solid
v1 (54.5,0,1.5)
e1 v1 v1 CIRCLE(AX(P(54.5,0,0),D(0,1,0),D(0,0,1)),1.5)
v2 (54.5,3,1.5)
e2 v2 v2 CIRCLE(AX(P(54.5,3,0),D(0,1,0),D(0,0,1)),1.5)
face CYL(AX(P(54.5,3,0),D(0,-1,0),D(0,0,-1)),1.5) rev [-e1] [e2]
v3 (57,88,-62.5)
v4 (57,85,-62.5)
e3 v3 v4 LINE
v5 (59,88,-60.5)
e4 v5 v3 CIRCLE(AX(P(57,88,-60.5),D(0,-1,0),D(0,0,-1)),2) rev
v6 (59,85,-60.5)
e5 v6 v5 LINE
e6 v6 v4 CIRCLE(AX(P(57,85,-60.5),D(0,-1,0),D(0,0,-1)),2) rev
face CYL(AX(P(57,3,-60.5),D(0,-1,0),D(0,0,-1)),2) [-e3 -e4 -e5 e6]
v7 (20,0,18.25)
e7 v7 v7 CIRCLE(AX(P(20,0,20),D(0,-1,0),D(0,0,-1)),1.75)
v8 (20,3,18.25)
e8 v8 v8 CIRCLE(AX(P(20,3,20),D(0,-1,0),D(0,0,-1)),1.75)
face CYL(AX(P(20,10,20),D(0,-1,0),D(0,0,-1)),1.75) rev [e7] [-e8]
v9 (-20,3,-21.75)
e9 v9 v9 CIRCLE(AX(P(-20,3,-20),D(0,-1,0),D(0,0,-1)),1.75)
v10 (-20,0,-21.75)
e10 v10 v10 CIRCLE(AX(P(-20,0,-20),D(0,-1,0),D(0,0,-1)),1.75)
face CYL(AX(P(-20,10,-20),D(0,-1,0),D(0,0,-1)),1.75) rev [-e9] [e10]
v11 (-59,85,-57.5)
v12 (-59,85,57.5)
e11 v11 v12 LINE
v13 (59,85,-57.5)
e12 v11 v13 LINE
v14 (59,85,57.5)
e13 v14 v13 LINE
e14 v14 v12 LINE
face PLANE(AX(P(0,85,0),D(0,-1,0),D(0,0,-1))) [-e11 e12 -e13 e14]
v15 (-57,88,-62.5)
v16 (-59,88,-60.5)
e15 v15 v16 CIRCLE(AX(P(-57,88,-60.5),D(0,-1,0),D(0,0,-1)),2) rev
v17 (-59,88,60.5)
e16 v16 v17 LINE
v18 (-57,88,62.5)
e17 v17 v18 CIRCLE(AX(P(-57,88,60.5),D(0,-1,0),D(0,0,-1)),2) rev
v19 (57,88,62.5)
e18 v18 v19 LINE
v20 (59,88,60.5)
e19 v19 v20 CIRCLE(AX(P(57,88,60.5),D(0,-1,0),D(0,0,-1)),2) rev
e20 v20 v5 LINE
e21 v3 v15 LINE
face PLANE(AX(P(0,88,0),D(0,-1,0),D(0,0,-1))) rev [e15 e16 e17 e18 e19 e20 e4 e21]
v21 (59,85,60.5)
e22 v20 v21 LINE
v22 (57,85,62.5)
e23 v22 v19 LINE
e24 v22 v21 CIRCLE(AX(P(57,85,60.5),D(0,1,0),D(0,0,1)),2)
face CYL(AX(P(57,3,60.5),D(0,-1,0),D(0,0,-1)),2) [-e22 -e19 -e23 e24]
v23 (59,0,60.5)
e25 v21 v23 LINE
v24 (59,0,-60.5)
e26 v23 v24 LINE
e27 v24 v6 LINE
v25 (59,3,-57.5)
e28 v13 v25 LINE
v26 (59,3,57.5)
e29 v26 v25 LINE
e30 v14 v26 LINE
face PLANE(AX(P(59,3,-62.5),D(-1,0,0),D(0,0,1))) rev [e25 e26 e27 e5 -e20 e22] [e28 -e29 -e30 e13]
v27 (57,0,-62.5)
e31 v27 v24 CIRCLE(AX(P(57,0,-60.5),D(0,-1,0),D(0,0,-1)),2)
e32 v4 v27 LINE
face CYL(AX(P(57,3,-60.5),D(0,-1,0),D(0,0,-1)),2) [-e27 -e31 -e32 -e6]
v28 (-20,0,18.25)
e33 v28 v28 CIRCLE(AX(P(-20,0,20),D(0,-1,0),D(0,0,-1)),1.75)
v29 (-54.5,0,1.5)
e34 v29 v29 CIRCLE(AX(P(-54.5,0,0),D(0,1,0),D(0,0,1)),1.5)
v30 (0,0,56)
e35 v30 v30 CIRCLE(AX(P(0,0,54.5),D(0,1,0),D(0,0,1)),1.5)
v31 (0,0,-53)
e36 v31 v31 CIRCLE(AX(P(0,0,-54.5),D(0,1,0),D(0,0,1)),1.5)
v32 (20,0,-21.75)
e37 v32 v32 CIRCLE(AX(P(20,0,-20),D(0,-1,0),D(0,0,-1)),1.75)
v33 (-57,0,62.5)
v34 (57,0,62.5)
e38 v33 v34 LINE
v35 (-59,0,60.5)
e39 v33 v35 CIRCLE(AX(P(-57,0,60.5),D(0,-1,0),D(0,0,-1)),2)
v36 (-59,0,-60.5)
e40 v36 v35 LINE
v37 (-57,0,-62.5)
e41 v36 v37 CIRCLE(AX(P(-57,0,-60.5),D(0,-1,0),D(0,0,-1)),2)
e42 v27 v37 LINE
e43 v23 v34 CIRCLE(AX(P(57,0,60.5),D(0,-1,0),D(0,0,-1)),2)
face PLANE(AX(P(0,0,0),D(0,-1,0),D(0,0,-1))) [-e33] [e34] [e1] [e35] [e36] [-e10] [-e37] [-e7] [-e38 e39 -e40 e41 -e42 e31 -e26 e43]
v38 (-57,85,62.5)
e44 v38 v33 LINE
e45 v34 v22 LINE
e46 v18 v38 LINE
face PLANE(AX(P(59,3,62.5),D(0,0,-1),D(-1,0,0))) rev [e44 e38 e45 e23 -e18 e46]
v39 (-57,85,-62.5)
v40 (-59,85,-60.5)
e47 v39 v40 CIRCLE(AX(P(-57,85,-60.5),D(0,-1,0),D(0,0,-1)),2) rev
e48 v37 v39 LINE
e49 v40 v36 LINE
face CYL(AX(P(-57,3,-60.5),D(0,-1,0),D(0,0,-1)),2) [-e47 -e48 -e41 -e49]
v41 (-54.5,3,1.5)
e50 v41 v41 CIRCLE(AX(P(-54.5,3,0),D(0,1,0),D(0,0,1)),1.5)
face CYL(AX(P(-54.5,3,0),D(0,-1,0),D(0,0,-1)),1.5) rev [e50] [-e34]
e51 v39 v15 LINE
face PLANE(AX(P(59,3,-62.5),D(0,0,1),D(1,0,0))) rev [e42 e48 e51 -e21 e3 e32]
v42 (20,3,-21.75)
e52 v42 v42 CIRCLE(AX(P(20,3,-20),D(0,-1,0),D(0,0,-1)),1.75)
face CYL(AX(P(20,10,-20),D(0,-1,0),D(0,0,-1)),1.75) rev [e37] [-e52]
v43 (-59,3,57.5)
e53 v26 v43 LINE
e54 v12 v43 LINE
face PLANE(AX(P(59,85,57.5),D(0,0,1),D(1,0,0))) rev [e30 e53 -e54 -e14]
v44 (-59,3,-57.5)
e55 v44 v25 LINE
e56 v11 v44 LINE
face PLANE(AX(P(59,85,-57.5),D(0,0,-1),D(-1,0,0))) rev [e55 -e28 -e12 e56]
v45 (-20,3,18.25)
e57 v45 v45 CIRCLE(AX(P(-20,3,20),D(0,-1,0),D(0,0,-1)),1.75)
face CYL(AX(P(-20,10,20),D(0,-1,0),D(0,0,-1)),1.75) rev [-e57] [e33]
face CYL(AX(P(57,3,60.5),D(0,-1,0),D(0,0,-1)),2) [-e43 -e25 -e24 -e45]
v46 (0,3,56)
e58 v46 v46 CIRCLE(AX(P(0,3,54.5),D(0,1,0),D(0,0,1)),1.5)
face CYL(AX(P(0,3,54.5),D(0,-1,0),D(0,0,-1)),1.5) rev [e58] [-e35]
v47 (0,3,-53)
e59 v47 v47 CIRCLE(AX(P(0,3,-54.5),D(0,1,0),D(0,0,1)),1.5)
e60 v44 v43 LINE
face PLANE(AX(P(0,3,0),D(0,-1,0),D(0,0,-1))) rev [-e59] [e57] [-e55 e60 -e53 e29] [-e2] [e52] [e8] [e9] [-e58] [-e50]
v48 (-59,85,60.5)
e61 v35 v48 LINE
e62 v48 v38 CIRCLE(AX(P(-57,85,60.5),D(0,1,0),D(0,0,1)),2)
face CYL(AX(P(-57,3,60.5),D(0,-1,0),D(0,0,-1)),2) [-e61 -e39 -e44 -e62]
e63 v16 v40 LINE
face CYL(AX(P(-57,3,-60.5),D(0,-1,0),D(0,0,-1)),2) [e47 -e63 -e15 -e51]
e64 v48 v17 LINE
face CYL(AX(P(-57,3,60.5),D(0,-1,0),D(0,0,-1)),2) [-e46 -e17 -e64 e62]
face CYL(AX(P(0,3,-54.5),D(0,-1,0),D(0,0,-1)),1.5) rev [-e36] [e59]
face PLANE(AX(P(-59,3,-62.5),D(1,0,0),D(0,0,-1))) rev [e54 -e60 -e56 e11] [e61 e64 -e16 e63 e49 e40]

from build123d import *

# Parameters (mm, degrees)
SKETCH_1_W          = 118
SKETCH_1_H          = 125
SKETCH_1_R          = 1.5
EXTRUDE_1_DEPTH     = 3
SKETCH_5_R          = 1.75
CUT_EXTRUDE_1_DEPTH = 10
SKETCH_6_W          = 118
SKETCH_6_H          = 5
EXTRUDE_4_DEPTH     = 82
FILLET_1_R          = 2
SKETCH_7_W          = 118
SKETCH_7_H          = 125
EXTRUDE_5_DEPTH     = 3
FILLET_2_R          = 2


with BuildPart() as part:
    # 草图1 → 凸台-拉伸1 (new body)
    with BuildSketch(Plane(origin=(0, 0, 0), x_dir=(1, 0, 0), z_dir=(0, 1, 0))):
        Rectangle(SKETCH_1_W, SKETCH_1_H)
        with Locations(Location((-54.5, 0, 0), (0, 0, 270))):
            Circle(SKETCH_1_R, mode=Mode.SUBTRACT)
        with Locations(Location((0, 54.5, 0), (0, 0, 270))):
            Circle(SKETCH_1_R, mode=Mode.SUBTRACT)
        with Locations(Location((54.5, 0, 0), (0, 0, 270))):
            Circle(SKETCH_1_R, mode=Mode.SUBTRACT)
        with Locations(Location((0, -54.5, 0), (0, 0, 270))):
            Circle(SKETCH_1_R, mode=Mode.SUBTRACT)
    extrude(amount=EXTRUDE_1_DEPTH)

    # 草图5 → 切除-拉伸1 (cut)
    with BuildSketch(Plane(origin=(0, 0, 0), x_dir=(-1, 0, 0), z_dir=(0, -1, 0))):
        with Locations(Location((20, 20, 0), (0, 0, 90))):
            Circle(SKETCH_5_R)
        with Locations(Location((-20, 20, 0), (0, 0, 90))):
            Circle(SKETCH_5_R)
        with Locations(Location((-20, -20, 0), (0, 0, 90))):
            Circle(SKETCH_5_R)
        with Locations(Location((20, -20, 0), (0, 0, 90))):
            Circle(SKETCH_5_R)
    extrude(amount=-CUT_EXTRUDE_1_DEPTH, mode=Mode.SUBTRACT)

    # 草图6 → 凸台-拉伸4 (add)
    with BuildSketch(Plane(origin=(0, 3, 0), x_dir=(1, 0, 0), z_dir=(0, 1, 0))):
        with Locations((0, -60)):
            Rectangle(SKETCH_6_W, SKETCH_6_H)
        with Locations((0, 60)):
            Rectangle(SKETCH_6_W, SKETCH_6_H)
    extrude(amount=EXTRUDE_4_DEPTH)

    # 圆角1
    fillet_1_edges = [part.edges().sort_by_distance(p)[0] for p in [
        (-59, 42.5, -62.5),
        (59, 42.5, -62.5),
        (59, 42.5, 62.5),
        (-59, 42.5, 62.5),
    ]]
    fillet(fillet_1_edges, radius=FILLET_1_R)

    # 草图7 → 凸台-拉伸5 (add)
    with BuildSketch(Plane(origin=(0, 85, 0), x_dir=(1, 0, 0), z_dir=(0, 1, 0))):
        Rectangle(SKETCH_7_W, SKETCH_7_H)
    extrude(amount=EXTRUDE_5_DEPTH)

    # 圆角2
    fillet_2_edges = [part.edges().sort_by_distance(p)[0] for p in [
        (-59, 86.5, -62.5),
        (59, 86.5, -62.5),
        (-59, 86.5, 62.5),
        (59, 86.5, 62.5),
    ]]
    fillet(fillet_2_edges, radius=FILLET_2_R)


solid = part.part
